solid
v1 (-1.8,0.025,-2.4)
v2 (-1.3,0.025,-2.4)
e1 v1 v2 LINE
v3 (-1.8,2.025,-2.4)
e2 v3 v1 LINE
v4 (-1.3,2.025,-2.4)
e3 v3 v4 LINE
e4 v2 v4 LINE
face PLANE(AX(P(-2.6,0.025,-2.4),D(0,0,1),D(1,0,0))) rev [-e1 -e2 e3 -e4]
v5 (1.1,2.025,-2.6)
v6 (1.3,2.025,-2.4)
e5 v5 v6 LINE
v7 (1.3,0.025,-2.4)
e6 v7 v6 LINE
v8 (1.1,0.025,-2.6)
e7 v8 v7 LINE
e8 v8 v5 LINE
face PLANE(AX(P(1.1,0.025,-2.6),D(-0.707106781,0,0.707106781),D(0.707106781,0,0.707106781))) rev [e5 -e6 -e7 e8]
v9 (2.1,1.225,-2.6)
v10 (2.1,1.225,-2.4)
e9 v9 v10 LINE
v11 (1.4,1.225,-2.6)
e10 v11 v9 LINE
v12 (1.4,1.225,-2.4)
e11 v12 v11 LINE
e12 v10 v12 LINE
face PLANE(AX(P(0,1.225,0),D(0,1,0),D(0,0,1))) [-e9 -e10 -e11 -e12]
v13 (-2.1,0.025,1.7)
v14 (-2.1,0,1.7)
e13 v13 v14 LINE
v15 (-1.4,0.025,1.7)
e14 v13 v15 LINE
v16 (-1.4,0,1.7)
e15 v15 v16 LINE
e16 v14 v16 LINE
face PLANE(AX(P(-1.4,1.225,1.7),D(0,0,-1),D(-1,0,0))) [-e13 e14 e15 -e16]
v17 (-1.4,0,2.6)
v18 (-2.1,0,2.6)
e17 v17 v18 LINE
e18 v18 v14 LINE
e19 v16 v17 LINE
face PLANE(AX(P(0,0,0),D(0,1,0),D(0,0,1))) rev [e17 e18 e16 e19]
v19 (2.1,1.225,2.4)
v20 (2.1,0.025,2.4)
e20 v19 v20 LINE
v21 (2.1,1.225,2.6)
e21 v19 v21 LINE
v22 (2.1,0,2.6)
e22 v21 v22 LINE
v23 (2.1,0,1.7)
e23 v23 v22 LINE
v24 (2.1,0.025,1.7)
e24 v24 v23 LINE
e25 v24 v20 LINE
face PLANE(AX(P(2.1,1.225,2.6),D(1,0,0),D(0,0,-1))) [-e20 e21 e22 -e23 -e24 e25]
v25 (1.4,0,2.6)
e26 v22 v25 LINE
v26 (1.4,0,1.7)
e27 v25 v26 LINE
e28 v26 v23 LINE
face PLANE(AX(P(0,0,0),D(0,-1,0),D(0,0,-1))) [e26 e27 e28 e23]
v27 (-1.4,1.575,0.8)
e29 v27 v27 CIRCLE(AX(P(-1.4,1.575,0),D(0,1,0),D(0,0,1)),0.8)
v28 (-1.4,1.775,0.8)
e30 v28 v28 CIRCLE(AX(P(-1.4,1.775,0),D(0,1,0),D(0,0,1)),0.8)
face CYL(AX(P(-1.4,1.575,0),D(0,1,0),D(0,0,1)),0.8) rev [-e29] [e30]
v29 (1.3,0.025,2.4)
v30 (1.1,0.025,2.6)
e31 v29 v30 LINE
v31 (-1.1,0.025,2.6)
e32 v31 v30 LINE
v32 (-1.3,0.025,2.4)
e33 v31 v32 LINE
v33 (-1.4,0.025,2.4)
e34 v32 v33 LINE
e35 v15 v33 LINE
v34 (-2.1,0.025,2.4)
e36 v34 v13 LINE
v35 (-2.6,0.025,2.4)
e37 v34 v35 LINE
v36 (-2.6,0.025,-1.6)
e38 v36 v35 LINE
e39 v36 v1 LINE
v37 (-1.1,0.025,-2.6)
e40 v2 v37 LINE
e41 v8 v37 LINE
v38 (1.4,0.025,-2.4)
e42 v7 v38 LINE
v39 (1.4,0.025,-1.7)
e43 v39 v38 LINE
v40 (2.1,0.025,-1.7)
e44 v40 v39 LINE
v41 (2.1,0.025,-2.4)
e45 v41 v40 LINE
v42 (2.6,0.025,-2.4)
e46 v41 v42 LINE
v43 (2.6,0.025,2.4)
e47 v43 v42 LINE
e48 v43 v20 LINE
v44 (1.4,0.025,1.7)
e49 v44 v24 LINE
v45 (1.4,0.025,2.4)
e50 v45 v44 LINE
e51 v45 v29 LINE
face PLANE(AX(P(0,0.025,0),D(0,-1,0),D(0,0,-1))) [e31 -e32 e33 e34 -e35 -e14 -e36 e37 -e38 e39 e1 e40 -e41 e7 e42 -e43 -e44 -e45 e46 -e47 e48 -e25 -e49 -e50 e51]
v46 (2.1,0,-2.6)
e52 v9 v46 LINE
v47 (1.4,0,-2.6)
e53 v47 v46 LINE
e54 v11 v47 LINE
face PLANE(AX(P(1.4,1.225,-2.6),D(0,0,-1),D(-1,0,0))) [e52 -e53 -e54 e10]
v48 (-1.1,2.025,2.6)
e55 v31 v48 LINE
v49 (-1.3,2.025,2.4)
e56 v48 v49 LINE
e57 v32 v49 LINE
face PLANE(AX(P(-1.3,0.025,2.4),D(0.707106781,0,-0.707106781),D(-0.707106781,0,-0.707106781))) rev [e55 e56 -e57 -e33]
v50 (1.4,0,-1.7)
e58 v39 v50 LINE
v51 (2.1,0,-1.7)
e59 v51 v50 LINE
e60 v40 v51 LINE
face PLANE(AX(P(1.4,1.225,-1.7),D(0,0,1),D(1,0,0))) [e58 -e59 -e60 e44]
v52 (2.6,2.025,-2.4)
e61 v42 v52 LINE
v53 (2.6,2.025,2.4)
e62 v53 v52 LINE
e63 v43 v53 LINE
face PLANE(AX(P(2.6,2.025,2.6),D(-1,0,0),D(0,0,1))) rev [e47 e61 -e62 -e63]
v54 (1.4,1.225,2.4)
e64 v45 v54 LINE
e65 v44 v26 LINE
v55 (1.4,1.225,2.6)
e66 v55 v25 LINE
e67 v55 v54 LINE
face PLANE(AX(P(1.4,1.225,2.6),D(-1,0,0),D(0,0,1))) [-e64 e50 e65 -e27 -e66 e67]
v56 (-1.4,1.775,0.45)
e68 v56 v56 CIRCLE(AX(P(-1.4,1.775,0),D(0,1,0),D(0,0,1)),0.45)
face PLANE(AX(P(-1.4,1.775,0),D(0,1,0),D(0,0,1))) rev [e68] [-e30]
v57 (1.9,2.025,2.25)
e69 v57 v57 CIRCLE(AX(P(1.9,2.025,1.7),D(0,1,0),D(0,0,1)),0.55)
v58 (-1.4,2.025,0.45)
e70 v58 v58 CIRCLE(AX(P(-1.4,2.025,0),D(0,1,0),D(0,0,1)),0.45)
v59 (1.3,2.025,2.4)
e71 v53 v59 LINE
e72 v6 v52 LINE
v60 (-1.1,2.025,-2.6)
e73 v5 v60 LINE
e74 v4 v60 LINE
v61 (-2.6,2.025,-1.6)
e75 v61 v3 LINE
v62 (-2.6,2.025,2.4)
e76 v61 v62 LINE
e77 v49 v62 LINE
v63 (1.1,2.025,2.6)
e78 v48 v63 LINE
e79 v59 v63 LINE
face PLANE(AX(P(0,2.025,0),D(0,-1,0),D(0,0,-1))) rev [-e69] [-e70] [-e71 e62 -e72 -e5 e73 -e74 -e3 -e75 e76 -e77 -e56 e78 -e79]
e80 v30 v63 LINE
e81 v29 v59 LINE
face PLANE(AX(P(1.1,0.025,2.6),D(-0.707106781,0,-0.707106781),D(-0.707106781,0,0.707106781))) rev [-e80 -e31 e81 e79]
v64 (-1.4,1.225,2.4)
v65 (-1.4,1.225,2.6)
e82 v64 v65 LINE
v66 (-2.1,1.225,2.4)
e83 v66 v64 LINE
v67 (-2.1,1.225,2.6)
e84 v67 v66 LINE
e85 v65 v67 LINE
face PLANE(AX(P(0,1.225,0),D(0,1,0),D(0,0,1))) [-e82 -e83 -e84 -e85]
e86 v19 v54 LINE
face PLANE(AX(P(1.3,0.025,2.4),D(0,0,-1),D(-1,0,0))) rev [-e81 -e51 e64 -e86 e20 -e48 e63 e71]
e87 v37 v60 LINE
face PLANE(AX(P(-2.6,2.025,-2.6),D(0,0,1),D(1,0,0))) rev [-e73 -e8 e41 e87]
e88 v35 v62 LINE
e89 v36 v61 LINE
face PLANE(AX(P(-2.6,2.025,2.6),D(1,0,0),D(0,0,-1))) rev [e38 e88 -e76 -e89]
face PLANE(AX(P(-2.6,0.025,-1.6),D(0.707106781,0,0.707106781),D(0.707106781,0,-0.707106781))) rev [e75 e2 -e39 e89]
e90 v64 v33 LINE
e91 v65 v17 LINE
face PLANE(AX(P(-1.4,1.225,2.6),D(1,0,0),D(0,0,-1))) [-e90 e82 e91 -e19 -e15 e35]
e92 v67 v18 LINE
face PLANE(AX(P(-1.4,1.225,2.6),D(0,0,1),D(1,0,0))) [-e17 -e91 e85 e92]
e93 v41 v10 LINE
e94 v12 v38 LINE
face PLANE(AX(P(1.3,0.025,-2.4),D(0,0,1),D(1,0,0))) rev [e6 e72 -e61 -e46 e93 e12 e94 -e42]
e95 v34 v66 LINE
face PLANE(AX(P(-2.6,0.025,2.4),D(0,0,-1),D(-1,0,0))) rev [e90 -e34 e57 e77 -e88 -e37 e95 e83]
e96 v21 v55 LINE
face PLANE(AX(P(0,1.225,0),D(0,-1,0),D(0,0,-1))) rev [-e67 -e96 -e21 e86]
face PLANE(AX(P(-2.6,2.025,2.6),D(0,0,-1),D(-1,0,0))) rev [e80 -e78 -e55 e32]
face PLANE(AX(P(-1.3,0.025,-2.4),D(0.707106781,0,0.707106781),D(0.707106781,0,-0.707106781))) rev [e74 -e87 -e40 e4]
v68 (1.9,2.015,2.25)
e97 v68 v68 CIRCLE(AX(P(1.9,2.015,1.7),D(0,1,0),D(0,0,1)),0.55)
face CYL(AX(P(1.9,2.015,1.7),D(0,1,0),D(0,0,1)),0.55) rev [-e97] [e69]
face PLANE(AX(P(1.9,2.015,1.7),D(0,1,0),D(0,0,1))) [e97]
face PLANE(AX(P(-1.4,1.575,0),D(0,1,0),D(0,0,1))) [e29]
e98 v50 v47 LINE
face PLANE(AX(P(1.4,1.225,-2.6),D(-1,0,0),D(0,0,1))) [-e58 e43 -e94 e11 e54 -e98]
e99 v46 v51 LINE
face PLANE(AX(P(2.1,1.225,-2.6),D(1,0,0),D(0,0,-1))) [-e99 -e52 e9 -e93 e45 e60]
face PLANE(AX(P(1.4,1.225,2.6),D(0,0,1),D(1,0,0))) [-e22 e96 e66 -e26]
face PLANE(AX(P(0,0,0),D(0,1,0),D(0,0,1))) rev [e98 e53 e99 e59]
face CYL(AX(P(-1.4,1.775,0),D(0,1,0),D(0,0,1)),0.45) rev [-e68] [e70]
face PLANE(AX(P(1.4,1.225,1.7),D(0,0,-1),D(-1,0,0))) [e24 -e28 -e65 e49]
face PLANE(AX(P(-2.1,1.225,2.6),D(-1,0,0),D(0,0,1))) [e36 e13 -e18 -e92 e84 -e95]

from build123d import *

# Parameters (mm, degrees)
SKETCH_1_W           = 5.2
SKETCH_1_H           = 5.2
EXTRUDE_1_DEPTH      = 2
CUT_EXTRUDE_1_DEPTH  = 2
SKETCH_4_R           = 0.45
CUT_EXTRUDE_2_DEPTH  = 0.25
SKETCH_7_R           = 0.8
CUT_EXTRUDE_4_DEPTH  = 0.2
CUT_EXTRUDE_5_DEPTH  = 3
SKETCH_8_W           = 0.7
SKETCH_8_H           = 0.9
EXTRUDE_2_DEPTH      = 0.025
EXTRUDE_2_DEPTH_BACK = 1.2
SKETCH_5_R           = 0.55
CUT_EXTRUDE_3_DEPTH  = 0.01


with BuildPart() as part:
    # 草图1 → 凸台-拉伸1 (new body)
    with BuildSketch(Plane(origin=(0, 0.025, 0), x_dir=(1, 0, 0), z_dir=(0, 1, 0))):
        Rectangle(SKETCH_1_W, SKETCH_1_H)
    extrude(amount=EXTRUDE_1_DEPTH)

    # 草图3 → 切除-拉伸1 (cut)
    with BuildSketch(Plane(origin=(0, 2.025, 0), x_dir=(1, 0, 0), z_dir=(0, 1, 0))):
        Polygon((-2.6, 1.6), (-1.6, 2.6), (-2.6, 2.6), align=None)
    extrude(amount=-CUT_EXTRUDE_1_DEPTH, mode=Mode.SUBTRACT)

    # 草图4 → 切除-拉伸2 (cut)
    with BuildSketch(Plane(origin=(0, 2.025, 0), x_dir=(1, 0, 0), z_dir=(0, 1, 0))):
        with Locations((-1.4, 0)):
            Circle(SKETCH_4_R)
    extrude(amount=-CUT_EXTRUDE_2_DEPTH, mode=Mode.SUBTRACT)

    # 草图7 → 切除-拉伸4 (cut)
    with BuildSketch(Plane(origin=(0, 1.775, 0), x_dir=(1, 0, 0), z_dir=(0, 1, 0))):
        with Locations((-1.4, 0)):
            Circle(SKETCH_7_R)
    extrude(amount=-CUT_EXTRUDE_4_DEPTH, mode=Mode.SUBTRACT)

    # 草图9 → 切除-拉伸5 (cut, through all)
    with BuildSketch(Plane(origin=(0, 2.025, 0), x_dir=(1, 0, 0), z_dir=(0, 1, 0))):
        Polygon((-2.6, -2.4), (-1.3, -2.4), (-1.1, -2.6), (1.1, -2.6), (1.3, -2.4), (2.6, -2.4), (2.6, -3.137806102), (-2.6, -3.137806102), align=None)
        Polygon((2.6, 3.137806102), (-2.6, 3.137806102), (-2.6, 2.4), (-1.3, 2.4), (-1.1, 2.6), (1.1, 2.6), (1.3, 2.4), (2.6, 2.4), align=None)
    extrude(amount=-CUT_EXTRUDE_5_DEPTH, mode=Mode.SUBTRACT)

    # 草图8 → 凸台-拉伸2 (add, two sides)
    with BuildSketch(Plane.XZ.offset(-0.025)) as extrude_2_sk:
        with Locations((1.75, 2.15)):
            Rectangle(SKETCH_8_W, SKETCH_8_H)
        with Locations((-1.75, 2.15)):
            Rectangle(SKETCH_8_W, SKETCH_8_H)
        with Locations((1.75, -2.15)):
            Rectangle(SKETCH_8_W, SKETCH_8_H)
    extrude(amount=EXTRUDE_2_DEPTH)
    extrude(extrude_2_sk.sketch, amount=-EXTRUDE_2_DEPTH_BACK)

    # 草图5 → 切除-拉伸3 (cut)
    with BuildSketch(Plane(origin=(0, 2.025, 0), x_dir=(1, 0, 0), z_dir=(0, 1, 0))):
        with Locations((1.9, -1.7)):
            Circle(SKETCH_5_R)
    extrude(amount=-CUT_EXTRUDE_3_DEPTH, mode=Mode.SUBTRACT)


solid = part.part
